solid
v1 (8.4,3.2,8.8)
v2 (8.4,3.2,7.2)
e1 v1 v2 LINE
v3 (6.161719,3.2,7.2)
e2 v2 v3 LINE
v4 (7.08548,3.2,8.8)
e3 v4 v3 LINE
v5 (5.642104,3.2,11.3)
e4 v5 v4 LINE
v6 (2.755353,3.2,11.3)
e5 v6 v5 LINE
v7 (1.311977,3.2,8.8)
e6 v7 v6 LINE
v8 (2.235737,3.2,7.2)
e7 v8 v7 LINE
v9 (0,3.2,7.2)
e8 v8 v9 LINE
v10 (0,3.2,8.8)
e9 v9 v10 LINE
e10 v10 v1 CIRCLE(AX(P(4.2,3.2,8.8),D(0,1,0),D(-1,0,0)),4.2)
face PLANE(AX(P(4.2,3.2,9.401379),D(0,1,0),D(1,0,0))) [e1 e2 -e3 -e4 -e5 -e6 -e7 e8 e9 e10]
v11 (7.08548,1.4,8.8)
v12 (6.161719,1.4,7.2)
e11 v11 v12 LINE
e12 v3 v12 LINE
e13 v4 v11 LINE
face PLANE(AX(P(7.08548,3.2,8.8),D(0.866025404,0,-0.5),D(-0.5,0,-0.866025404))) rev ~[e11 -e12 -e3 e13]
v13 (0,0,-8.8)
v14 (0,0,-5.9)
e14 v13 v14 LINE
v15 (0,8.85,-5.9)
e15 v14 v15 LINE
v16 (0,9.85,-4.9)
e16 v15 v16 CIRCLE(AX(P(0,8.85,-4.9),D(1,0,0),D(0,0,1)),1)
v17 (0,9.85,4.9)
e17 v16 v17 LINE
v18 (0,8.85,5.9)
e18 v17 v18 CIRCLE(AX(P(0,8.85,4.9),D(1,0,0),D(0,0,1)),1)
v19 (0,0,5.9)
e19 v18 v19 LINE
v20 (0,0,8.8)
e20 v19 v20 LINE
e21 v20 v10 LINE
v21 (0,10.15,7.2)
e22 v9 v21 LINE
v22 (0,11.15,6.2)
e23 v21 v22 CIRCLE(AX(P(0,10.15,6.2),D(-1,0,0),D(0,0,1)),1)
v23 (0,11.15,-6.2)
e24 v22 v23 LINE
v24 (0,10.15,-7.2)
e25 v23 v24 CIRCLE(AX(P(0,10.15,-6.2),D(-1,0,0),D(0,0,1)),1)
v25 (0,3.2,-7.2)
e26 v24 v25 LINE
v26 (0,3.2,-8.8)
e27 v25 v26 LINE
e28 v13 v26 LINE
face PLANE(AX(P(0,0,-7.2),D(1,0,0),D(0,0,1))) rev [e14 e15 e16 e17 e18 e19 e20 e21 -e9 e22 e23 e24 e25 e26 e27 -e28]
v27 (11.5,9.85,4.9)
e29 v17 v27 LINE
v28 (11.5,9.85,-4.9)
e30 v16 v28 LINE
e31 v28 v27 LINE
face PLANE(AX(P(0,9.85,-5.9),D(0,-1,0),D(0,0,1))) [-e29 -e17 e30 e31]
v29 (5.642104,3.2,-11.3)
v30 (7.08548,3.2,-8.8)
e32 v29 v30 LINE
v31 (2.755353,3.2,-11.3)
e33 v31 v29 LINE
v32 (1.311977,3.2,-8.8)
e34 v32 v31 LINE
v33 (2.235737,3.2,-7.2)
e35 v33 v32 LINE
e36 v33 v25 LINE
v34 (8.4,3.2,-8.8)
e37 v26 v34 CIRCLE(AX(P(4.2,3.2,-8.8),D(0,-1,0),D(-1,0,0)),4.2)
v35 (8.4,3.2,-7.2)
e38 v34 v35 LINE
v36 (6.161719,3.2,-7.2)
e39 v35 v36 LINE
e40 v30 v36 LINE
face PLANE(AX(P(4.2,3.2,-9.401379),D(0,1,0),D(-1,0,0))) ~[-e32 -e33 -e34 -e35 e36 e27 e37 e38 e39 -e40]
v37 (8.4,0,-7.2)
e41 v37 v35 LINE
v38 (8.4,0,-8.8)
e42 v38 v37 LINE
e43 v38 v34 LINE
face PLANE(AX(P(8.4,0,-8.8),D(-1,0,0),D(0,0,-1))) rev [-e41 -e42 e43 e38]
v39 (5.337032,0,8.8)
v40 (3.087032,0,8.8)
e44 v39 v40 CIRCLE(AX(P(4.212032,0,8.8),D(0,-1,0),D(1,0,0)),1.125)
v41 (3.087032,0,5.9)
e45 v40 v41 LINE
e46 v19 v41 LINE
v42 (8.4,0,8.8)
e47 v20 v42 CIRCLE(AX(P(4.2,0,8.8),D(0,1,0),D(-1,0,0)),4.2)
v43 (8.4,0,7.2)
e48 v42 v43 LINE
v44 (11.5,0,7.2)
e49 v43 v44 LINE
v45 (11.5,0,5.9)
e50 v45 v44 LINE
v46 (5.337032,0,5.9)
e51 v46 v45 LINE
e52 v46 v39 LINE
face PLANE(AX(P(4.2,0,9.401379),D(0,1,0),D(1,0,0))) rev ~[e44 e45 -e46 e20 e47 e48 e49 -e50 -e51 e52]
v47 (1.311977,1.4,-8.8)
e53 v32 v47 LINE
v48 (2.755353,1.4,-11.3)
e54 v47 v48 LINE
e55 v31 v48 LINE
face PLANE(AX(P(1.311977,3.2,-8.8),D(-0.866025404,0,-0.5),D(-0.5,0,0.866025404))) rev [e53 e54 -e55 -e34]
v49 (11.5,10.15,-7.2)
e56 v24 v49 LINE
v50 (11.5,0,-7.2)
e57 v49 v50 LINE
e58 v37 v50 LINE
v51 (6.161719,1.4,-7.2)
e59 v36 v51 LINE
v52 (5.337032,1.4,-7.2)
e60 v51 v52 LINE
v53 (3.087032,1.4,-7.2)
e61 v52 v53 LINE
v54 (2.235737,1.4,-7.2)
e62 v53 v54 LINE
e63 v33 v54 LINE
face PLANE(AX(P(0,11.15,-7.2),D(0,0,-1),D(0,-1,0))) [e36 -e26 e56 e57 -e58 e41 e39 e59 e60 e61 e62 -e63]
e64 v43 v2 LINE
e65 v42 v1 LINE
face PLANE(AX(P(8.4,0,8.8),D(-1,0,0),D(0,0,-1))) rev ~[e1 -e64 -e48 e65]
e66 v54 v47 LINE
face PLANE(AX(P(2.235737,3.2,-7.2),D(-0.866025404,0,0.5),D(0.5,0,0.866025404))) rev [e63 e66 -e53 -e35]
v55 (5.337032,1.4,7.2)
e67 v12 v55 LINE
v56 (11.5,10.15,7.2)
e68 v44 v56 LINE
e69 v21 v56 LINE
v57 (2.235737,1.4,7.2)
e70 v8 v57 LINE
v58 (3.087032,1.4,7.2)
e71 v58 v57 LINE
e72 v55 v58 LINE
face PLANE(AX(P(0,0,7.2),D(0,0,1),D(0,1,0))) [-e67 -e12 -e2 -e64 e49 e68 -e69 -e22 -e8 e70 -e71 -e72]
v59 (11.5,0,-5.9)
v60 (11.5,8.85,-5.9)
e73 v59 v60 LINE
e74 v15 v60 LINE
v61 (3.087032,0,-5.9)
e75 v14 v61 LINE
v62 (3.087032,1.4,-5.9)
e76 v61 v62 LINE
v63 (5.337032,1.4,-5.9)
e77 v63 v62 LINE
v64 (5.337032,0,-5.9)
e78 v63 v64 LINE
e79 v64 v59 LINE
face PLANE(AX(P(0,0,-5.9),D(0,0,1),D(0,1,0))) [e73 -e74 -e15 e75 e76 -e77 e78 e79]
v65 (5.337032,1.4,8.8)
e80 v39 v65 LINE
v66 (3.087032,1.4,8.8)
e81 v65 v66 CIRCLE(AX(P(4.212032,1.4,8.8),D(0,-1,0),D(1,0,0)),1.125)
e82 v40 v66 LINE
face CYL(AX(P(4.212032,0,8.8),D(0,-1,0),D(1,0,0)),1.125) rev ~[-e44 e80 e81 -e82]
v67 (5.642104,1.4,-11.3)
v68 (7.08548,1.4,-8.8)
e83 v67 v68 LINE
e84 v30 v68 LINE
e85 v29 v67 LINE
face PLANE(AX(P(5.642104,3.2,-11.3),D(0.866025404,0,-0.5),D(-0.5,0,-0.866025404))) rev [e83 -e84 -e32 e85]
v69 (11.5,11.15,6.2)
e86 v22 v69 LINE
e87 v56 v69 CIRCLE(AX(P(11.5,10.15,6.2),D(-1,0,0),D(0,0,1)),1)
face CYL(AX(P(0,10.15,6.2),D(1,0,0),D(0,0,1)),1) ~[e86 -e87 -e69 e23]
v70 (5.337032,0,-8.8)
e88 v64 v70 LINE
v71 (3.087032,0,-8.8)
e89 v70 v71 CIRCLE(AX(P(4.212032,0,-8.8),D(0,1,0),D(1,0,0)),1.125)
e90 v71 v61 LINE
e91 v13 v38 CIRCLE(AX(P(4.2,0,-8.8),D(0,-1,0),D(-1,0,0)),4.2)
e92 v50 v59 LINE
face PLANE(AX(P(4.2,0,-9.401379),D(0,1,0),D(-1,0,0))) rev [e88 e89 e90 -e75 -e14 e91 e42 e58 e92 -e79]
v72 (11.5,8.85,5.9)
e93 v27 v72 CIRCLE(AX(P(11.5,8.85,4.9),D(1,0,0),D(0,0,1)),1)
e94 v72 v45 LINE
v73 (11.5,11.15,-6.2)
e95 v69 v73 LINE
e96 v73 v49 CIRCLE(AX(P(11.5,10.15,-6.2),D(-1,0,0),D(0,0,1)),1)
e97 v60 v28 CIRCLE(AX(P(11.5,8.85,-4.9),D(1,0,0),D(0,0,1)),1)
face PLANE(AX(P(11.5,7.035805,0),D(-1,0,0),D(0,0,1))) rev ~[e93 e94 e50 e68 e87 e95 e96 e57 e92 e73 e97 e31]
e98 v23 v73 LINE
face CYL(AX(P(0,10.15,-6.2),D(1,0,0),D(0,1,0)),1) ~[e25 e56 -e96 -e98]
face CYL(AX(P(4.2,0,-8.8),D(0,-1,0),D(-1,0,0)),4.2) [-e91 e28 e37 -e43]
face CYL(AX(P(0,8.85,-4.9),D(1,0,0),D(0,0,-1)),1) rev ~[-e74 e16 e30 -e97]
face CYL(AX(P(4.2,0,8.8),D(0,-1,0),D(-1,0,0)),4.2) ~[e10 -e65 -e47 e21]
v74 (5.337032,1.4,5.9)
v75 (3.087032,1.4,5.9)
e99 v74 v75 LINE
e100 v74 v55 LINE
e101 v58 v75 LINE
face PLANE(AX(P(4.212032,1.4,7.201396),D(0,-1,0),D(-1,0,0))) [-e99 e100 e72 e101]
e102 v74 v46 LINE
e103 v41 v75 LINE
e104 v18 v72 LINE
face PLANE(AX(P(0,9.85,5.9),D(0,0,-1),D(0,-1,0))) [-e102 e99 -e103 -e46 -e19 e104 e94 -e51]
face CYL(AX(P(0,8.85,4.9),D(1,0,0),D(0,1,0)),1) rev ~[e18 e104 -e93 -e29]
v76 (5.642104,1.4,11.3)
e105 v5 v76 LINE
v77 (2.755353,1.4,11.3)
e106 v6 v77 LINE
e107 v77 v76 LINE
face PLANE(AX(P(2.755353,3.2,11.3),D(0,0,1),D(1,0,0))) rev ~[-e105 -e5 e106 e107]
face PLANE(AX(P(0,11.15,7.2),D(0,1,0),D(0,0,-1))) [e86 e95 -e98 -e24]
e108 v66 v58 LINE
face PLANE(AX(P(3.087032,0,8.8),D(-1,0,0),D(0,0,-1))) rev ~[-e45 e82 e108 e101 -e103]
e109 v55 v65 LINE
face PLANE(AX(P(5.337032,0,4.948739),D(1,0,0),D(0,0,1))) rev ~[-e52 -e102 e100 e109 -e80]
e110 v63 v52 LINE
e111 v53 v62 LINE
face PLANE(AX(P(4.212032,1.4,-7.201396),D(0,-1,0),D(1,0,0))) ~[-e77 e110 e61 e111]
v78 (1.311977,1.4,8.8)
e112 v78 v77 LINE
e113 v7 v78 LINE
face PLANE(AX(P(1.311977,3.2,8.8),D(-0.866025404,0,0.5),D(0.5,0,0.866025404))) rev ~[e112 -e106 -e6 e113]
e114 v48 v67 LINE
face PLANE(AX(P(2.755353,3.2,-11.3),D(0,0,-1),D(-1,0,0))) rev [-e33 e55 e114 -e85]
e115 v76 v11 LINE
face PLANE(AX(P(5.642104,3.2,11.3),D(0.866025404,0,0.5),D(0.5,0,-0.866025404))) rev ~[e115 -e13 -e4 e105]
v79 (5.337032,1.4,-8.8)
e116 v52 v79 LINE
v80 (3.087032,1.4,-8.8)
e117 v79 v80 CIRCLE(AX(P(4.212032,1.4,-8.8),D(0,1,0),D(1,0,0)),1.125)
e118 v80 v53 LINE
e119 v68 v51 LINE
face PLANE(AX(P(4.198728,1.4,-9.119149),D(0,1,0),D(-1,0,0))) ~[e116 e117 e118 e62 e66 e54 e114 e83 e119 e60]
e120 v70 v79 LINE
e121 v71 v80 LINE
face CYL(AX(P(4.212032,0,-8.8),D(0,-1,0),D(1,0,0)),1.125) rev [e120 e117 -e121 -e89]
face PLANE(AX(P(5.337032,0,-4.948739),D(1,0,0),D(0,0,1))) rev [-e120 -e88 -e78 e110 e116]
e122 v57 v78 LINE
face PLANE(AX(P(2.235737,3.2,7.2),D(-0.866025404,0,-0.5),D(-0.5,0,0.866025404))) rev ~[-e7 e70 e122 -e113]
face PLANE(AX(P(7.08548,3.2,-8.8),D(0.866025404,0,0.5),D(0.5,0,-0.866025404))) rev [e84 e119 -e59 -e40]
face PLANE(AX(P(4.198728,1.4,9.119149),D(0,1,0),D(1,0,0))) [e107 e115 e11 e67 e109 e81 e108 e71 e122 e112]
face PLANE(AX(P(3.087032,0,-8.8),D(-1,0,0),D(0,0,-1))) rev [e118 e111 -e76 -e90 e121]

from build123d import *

# Parameters (mm, degrees)
EXTRUDE_1_DEPTH     = 11.5
FILLET_1_R          = 1
EXTRUDE_2_DEPTH     = 3.2
CUT_EXTRUDE_1_DEPTH = 1.8
CUT_EXTRUDE_2_DEPTH = 1.4


with BuildPart() as part:
    # 草图1 → 凸台-拉伸1 (new body)
    with BuildSketch(Plane(origin=(0, 0, 0), x_dir=(0, 0, -1), z_dir=(1, 0, 0))):
        Polygon((5.9, 0), (5.9, 9.85), (-5.9, 9.85), (-5.9, 0), (-7.2, 0), (-7.2, 11.15), (7.2, 11.15), (7.2, 0), align=None)
    extrude(amount=EXTRUDE_1_DEPTH)

    # 圆角1
    fillet_1_edges = [part.edges().sort_by_distance(p)[0] for p in [
        (5.75, 11.15, 7.2),
        (5.75, 11.15, -7.2),
        (5.75, 9.85, -5.9),
        (5.75, 9.85, 5.9),
    ]]
    fillet(fillet_1_edges, radius=FILLET_1_R)

    # 草图2 → 凸台-拉伸2 (add)
    with BuildSketch(Plane(origin=(0, 0, 0), x_dir=(1, 0, 0), z_dir=(0, 1, 0))):
        with BuildLine():
            Line((0, -7.2), (0, -8.8))
            ThreePointArc((0, -8.8), (4.2, -13), (8.4, -8.8))
            Line((8.4, -8.8), (8.4, -7.2))
            Line((8.4, -7.2), (0, -7.2))
        make_face()
    extrude_2 = extrude(amount=EXTRUDE_2_DEPTH)

    # 草图10 → 切除-拉伸1 (cut)
    with BuildSketch(Plane(origin=(0, 3.2, 0), x_dir=(1, 0, 0), z_dir=(0, 1, 0))):
        Polygon((7.085479679, -8.8), (6.161719249, -7.2), (2.235737418, -7.2), (1.311976987, -8.8), (2.75535266, -11.3), (5.642104006, -11.3), align=None)
    cut_extrude_1 = extrude(amount=-CUT_EXTRUDE_1_DEPTH, mode=Mode.SUBTRACT)

    # 草图11 → 切除-拉伸2 (cut)
    with BuildSketch(Plane(origin=(0, 0, 0), x_dir=(1, 0, 0), z_dir=(0, 1, 0))):
        with BuildLine():
            Line((3.087032009, -8.8), (3.087032009, -4.948738573))
            Line((3.087032009, -4.948738573), (5.337032009, -4.948738573))
            Line((5.337032009, -4.948738573), (5.337032009, -8.8))
            ThreePointArc((5.337032009, -8.8), (4.212032009, -9.925), (3.087032009, -8.8))
        make_face()
    cut_extrude_2 = extrude(amount=CUT_EXTRUDE_2_DEPTH, mode=Mode.SUBTRACT)

    # 镜向1: 凸台-拉伸2, 切除-拉伸1, 切除-拉伸2 across plane
    add(extrude_2.mirror(Plane.XY))
    add(cut_extrude_1.mirror(Plane.XY), mode=Mode.SUBTRACT)
    add(cut_extrude_2.mirror(Plane.XY), mode=Mode.SUBTRACT)


solid = part.part
